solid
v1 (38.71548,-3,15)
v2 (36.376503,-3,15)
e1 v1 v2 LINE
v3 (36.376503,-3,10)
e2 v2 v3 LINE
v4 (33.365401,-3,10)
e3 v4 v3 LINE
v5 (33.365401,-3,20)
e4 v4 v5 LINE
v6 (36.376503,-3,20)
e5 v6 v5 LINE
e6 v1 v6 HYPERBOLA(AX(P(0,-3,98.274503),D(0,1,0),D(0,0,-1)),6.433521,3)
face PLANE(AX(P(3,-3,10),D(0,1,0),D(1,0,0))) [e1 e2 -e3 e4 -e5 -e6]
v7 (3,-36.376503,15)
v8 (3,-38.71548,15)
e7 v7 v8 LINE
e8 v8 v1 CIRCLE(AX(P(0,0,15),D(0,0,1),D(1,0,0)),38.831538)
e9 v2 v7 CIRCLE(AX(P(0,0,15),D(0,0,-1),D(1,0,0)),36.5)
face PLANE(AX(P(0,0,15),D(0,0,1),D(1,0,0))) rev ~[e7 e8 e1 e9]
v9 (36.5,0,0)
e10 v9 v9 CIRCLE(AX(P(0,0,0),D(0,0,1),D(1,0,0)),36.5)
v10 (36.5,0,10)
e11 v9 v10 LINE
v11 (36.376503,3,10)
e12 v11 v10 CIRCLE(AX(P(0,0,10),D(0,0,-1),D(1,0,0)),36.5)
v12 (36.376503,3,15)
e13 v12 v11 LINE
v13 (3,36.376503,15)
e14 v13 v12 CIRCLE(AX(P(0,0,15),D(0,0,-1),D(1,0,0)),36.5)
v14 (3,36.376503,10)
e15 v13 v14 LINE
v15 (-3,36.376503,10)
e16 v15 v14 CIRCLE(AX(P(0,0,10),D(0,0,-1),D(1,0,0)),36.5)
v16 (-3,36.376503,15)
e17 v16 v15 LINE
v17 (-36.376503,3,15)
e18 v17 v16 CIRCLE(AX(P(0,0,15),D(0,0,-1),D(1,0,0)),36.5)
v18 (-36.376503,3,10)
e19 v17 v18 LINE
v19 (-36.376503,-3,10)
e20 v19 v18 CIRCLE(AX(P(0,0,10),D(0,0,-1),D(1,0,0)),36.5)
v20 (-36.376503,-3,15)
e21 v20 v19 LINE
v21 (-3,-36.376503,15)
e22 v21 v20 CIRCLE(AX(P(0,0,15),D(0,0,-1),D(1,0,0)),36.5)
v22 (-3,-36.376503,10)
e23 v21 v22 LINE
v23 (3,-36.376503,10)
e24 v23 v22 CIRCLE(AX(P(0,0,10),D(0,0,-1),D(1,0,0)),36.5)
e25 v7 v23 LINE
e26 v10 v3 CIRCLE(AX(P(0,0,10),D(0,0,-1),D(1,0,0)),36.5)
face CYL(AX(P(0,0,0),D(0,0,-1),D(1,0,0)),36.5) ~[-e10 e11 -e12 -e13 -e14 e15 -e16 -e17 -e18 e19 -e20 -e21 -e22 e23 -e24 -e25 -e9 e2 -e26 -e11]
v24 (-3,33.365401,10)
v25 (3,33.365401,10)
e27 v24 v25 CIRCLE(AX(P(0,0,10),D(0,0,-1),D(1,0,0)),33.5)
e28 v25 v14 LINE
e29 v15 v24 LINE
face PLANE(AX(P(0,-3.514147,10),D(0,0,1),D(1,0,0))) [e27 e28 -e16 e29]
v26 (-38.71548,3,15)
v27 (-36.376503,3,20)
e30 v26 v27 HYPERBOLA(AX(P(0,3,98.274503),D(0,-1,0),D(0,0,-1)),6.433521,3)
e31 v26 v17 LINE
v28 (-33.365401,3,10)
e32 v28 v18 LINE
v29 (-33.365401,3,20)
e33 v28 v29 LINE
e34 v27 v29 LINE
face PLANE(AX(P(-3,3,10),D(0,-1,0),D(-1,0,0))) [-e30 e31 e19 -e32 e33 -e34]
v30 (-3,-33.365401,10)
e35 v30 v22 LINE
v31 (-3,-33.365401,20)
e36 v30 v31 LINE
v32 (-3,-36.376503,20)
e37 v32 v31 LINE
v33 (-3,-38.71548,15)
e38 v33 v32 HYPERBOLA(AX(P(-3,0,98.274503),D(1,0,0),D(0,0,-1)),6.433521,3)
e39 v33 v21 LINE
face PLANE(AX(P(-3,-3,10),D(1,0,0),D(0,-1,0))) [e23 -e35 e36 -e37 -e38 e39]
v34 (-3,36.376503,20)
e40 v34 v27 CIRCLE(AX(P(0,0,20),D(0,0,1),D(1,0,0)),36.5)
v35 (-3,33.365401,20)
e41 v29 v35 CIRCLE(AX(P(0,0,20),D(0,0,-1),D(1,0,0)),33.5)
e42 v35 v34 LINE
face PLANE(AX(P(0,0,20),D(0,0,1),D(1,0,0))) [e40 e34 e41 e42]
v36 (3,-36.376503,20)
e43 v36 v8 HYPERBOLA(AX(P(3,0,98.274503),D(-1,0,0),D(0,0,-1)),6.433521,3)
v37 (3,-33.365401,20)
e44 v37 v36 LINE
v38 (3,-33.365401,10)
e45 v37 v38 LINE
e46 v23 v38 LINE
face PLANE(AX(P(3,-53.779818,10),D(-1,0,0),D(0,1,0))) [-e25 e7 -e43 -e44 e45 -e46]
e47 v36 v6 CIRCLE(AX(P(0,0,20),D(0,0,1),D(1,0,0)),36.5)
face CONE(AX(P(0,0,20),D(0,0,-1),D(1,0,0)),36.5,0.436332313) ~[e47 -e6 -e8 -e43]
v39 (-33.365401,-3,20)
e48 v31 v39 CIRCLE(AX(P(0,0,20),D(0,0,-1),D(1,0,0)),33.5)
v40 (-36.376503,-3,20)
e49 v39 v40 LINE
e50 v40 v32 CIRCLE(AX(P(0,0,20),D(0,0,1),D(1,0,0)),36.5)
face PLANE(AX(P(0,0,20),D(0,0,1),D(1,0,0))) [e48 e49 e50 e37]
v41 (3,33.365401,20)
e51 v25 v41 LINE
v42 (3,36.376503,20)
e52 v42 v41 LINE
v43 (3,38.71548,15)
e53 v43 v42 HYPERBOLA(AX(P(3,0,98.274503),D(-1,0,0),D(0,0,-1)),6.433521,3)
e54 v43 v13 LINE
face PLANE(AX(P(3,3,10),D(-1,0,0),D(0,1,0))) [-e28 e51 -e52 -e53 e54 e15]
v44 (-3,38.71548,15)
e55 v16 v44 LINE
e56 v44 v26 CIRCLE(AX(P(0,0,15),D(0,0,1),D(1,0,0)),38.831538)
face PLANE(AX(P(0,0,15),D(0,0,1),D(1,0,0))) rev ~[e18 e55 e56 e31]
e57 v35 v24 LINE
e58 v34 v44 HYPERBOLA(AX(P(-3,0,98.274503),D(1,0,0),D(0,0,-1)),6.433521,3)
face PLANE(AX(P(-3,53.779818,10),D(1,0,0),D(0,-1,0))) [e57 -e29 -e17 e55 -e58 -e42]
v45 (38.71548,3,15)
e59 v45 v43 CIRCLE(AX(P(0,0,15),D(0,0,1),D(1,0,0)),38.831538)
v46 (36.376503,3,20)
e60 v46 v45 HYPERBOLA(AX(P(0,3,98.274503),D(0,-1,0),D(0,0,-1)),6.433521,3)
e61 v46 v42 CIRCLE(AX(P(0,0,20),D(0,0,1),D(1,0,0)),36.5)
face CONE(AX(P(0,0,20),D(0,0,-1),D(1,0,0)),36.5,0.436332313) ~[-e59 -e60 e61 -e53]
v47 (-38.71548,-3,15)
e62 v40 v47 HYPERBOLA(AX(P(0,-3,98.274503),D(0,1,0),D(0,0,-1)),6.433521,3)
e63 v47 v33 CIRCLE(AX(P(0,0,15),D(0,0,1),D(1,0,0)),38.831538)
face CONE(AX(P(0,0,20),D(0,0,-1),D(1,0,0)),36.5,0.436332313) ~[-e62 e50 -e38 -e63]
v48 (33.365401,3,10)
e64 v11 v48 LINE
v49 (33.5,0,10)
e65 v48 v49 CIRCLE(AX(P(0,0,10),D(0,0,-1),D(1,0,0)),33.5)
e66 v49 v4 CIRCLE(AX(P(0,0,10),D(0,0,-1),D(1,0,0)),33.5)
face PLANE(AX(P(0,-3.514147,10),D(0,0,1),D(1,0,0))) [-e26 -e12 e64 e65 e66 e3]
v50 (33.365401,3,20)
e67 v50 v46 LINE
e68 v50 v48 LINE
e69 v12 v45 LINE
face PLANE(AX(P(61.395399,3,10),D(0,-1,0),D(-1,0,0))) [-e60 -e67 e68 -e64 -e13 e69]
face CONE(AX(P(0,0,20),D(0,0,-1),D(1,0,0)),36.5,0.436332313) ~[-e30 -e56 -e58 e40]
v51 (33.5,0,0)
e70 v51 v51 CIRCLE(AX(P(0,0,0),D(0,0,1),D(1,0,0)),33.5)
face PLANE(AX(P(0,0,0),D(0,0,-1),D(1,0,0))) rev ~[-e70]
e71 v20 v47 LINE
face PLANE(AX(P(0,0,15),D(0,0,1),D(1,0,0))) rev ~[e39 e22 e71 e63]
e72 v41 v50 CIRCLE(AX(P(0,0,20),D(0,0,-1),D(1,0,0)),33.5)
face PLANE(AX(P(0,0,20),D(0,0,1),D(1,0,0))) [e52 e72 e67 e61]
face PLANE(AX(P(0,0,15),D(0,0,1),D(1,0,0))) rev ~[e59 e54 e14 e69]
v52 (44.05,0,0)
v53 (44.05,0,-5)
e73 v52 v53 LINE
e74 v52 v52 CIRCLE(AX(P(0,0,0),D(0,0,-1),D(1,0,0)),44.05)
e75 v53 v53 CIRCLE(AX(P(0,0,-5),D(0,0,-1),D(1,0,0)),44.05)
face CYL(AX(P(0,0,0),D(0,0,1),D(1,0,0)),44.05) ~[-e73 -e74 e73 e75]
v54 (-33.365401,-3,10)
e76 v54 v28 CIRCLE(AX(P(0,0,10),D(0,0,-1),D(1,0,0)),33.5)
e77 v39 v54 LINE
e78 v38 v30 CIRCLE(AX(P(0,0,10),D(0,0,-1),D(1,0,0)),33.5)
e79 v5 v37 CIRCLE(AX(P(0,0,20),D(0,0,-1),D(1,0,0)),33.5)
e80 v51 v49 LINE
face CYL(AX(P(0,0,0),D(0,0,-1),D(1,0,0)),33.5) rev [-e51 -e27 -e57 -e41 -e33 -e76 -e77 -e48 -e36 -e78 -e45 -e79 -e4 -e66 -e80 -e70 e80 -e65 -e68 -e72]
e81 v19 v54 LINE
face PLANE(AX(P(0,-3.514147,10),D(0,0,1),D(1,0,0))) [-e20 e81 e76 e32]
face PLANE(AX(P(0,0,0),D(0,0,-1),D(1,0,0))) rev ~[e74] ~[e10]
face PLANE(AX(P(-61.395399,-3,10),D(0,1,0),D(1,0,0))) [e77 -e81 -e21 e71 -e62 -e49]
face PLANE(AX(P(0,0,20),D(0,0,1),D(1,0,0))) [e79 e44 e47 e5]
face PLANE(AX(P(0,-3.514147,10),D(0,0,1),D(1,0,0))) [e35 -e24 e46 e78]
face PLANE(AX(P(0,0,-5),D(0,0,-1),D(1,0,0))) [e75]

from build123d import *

# Parameters (mm, degrees)
F0_R      = 36.5
F0_R_2    = 33.5
F1_DEPTH  = 20
F2_R      = 36.5
F3_DEPTH  = 5
F3_TAPER  = -25
F4_R      = 33.5
F5_DEPTH  = 25
F6_R      = 44.05
F7_DEPTH  = 5
F10_DEPTH = 25


with BuildPart() as f1:
    # F0 (on Top) → F1 (new body)
    with BuildSketch(Plane.XY):
        Circle(F0_R)
        Circle(F0_R_2, mode=Mode.SUBTRACT)
    extrude(amount=F1_DEPTH)

    # F2 (on face) → F3 (join)
    with BuildSketch(Plane.XY.offset(20)):
        Circle(F2_R)
    extrude(amount=-F3_DEPTH, taper=F3_TAPER)

    # F4 (on face) → F5 (cut)
    with BuildSketch(Plane(origin=(0, 0, 15), x_dir=(1, 0, 0), z_dir=(0, 0, -1))):
        Circle(F4_R)
    extrude(amount=-F5_DEPTH, mode=Mode.SUBTRACT)

    # F6 (on face) → F7 (join)
    with BuildSketch(Plane(origin=(0, 0, 0), x_dir=(1, 0, 0), z_dir=(0, 0, -1))):
        Circle(F6_R)
    extrude(amount=F7_DEPTH)

    # F9 (on mid) → F10 (cut)
    with BuildSketch(Plane.XY.offset(10)):
        with BuildLine():
            Line((35.05, 3), (3, 3))
            Line((3, 3), (3, 35.05))
            Line((3, 35.05), (3, 38.3829389182))
            ThreePointArc((3, 38.3829389182), (0, 38.5), (-3, 38.3829389182))
            Line((-3, 38.3829389182), (-3, 35.05))
            Line((-3, 35.05), (-3, 3))
            Line((-3, 3), (-38.3829389182, 3))
            Line((-38.3829389182, 3), (-61.3953992724, 3))
            Line((-61.3953992724, 3), (-61.3953992724, -3))
            Line((-61.3953992724, -3), (-3, -3))
            Line((-3, -3), (-3, -40.2699470416))
            Line((-3, -40.2699470416), (-3, -53.7798181176))
            Line((-3, -53.7798181176), (3, -53.7798181176))
            Line((3, -53.7798181176), (3, -40.2699470416))
            Line((3, -40.2699470416), (3, -29.05))
            Line((3, -29.05), (3, -3))
            Line((3, -3), (61.3953992724, -3))
            Line((61.3953992724, -3), (61.3953992724, 3))
            Line((61.3953992724, 3), (38.3829389182, 3))
            Line((38.3829389182, 3), (35.05, 3))
        make_face()
        with BuildLine():
            ThreePointArc((-3, 38.3829389182), (0, 38.5), (3, 38.3829389182))
            Line((3, 38.3829389182), (3, 40.2699470416))
            Line((3, 40.2699470416), (3, 53.7798181176))
            Line((3, 53.7798181176), (-3, 53.7798181176))
            Line((-3, 53.7798181176), (-3, 40.2699470416))
            Line((-3, 40.2699470416), (-3, 38.3829389182))
        make_face()
    extrude(amount=F10_DEPTH, mode=Mode.SUBTRACT)


solid = f1.part
